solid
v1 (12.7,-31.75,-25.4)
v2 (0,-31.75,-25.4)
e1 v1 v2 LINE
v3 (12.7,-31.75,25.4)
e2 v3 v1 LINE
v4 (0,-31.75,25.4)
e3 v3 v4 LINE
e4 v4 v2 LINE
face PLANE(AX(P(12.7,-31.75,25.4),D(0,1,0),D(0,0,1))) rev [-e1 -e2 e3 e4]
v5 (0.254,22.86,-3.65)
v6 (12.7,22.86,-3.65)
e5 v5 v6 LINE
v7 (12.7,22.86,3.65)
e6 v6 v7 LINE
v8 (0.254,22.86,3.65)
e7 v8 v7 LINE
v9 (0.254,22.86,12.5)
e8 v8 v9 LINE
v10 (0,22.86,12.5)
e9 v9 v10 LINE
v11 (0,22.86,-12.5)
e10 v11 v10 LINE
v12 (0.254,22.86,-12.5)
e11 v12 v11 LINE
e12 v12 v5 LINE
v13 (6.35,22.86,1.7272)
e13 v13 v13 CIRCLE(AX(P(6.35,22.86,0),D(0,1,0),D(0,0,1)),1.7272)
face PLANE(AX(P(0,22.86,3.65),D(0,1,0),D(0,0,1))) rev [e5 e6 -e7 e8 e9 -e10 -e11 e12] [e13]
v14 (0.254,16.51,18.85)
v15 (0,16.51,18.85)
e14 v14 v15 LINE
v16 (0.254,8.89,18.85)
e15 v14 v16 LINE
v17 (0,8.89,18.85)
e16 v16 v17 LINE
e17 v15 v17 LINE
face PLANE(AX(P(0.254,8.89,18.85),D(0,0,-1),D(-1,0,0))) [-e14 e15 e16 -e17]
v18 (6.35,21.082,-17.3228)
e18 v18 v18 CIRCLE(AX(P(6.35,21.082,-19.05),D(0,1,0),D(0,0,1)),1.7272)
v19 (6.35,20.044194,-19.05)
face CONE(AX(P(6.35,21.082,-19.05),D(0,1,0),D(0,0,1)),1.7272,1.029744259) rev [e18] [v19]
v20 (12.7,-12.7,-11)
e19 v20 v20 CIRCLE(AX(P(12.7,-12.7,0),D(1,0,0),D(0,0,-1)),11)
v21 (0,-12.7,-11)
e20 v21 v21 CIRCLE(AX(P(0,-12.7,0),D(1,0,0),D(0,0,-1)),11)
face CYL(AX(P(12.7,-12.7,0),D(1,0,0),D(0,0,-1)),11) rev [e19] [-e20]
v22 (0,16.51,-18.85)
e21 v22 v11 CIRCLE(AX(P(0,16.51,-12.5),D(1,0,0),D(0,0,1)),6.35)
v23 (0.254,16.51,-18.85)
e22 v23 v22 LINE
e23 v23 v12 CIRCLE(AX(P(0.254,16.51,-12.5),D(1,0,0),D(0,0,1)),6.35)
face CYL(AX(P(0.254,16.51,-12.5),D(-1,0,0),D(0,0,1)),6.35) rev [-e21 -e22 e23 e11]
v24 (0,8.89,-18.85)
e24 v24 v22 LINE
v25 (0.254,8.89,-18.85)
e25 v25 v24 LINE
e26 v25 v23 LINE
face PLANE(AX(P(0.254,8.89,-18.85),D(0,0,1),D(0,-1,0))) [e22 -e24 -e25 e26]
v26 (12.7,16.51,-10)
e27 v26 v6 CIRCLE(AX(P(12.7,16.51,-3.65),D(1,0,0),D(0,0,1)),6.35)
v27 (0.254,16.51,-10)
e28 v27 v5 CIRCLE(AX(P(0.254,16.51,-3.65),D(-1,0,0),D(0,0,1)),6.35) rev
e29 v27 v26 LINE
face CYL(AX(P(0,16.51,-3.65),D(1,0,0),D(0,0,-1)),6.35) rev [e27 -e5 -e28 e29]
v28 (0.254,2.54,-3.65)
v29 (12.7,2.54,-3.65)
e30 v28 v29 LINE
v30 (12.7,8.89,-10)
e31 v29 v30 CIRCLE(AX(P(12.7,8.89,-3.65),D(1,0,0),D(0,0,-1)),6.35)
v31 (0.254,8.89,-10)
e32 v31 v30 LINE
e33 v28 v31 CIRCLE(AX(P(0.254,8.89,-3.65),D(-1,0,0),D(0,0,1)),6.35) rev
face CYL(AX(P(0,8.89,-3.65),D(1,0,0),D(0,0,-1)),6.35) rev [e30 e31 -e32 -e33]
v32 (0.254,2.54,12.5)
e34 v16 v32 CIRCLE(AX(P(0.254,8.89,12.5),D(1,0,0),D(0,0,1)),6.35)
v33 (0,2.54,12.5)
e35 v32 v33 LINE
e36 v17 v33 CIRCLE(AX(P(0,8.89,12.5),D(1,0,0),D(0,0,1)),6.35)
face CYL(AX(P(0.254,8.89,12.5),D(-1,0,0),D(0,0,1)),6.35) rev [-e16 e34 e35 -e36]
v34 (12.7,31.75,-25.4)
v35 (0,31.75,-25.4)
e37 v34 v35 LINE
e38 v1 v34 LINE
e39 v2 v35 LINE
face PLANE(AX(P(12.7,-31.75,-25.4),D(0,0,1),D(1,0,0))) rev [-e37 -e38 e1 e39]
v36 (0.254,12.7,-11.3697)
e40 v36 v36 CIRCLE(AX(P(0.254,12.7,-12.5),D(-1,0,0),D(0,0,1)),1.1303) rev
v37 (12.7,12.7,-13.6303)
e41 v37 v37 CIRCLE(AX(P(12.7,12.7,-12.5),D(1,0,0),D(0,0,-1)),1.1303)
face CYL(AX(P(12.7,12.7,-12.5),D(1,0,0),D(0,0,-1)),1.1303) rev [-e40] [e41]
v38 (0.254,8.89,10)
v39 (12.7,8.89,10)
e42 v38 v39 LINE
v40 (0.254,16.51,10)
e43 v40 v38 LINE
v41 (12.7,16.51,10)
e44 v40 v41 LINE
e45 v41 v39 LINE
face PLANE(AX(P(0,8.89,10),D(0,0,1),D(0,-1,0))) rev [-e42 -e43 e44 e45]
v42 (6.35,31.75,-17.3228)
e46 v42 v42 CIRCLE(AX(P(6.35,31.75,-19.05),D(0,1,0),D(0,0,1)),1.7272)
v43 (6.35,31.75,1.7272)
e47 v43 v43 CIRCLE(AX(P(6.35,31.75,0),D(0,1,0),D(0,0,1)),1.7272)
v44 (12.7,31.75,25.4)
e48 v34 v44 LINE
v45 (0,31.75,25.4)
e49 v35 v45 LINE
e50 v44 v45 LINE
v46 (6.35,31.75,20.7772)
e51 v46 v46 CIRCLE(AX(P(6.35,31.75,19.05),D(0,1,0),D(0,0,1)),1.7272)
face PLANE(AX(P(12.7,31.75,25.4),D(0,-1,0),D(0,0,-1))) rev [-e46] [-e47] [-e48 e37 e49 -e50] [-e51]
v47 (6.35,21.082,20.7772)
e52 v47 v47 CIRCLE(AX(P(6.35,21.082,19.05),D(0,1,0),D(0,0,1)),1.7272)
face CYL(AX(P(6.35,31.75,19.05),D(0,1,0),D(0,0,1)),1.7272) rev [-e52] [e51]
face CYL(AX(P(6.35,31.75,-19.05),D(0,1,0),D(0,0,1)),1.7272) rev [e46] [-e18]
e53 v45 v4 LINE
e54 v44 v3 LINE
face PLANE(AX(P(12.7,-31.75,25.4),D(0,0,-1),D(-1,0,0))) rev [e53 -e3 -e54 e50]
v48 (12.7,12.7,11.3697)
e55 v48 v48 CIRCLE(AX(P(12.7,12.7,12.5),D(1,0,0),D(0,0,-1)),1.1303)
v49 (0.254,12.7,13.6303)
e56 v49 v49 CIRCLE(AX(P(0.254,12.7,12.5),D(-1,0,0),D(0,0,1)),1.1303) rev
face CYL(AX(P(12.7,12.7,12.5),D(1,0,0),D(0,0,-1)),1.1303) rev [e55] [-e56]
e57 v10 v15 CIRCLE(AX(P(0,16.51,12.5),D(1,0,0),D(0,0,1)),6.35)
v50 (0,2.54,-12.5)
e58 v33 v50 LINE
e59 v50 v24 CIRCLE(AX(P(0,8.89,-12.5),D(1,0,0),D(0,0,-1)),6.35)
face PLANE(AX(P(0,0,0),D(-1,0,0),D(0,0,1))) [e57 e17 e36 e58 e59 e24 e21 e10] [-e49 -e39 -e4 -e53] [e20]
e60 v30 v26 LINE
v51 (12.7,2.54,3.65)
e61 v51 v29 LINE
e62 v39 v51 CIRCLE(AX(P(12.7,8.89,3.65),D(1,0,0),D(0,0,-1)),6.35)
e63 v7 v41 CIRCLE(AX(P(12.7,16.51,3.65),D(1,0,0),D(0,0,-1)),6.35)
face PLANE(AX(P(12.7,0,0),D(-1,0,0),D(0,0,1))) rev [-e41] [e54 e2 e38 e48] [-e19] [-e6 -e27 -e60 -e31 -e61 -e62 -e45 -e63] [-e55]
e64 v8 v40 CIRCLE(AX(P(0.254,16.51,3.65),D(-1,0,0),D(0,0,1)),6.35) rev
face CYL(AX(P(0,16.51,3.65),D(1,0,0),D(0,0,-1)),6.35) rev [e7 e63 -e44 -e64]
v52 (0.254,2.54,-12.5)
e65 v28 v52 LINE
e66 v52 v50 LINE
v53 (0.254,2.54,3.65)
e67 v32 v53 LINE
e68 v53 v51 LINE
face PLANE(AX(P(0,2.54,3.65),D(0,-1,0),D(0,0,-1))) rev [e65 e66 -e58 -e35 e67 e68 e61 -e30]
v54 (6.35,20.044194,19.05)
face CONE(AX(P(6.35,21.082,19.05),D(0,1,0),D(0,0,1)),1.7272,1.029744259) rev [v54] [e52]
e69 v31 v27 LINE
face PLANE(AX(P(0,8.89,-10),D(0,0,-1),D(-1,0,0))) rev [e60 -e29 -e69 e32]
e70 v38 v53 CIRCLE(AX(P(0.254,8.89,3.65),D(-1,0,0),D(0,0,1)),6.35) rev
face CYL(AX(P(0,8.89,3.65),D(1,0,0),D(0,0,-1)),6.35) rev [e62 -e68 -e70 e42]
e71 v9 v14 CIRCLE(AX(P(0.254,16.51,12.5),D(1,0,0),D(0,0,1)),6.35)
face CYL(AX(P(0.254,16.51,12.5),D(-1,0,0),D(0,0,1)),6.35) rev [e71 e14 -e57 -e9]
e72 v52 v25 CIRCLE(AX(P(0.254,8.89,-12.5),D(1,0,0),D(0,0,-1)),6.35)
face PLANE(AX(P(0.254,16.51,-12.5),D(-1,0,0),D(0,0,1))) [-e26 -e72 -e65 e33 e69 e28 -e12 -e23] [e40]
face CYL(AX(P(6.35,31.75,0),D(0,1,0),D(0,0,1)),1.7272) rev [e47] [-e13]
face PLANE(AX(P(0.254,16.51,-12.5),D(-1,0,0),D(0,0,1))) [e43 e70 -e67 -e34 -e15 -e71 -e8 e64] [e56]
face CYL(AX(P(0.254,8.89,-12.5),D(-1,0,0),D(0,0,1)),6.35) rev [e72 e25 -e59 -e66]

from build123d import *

# Parameters (mm, degrees)
SKETCH1_W                  = 50.8
SKETCH1_H                  = 63.5
BOSS_EXTRUDE1_DEPTH        = 12.7
F_22_0_22_DIAMETER_HOLE1_D = 22
F_4_40_TAPPED_HOLE1_D      = 2.2606
CUT_EXTRUDE1_DEPTH         = 43.597094971
CUT_EXTRUDE2_DEPTH         = 0.254
F_8_32_TAPPED_HOLE1_D      = 3.4544
F_8_32_TAPPED_HOLE1_DEPTH  = 10.668
F_8_32_TAPPED_HOLE1_TIP    = 1.037806461


with BuildPart() as part:
    # Sketch1 → Boss-Extrude1 (new body)
    with BuildSketch(Plane(origin=(0, 0, 0), x_dir=(0, 0, -1), z_dir=(1, 0, 0))):
        Rectangle(SKETCH1_W, SKETCH1_H)
    extrude(amount=BOSS_EXTRUDE1_DEPTH)

    # Ø22.0 (22) Diameter Hole1 (through all)
    with Locations(Plane(origin=(12.7, 0, 0), x_dir=(0, 0, -1), z_dir=(1, 0, 0))):
        with Locations((0, -12.7)):
            Hole(F_22_0_22_DIAMETER_HOLE1_D / 2)

    # Sketch4 → 1/16 NPT Tapped Hole1 (revolve, cut)
    with BuildSketch(Plane.ZX.offset(12.7)):
        Polygon((0, 0), (0, 13.530685027), (3.0734, 11.684), (3.0734, 6.858), (3.762574096, 6.858), (3.9679118, 0), align=None)
    revolve(axis=Axis((-6.35, 12.7, 0), (1, 0, 0)), mode=Mode.SUBTRACT)

    # #4-40 Tapped Hole1 (through all)
    with Locations(Plane(origin=(12.7, 0, 0), x_dir=(0, 0, -1), z_dir=(1, 0, 0))):
        with Locations((-12.5, 12.7), (12.5, 12.7)):
            Hole(F_4_40_TAPPED_HOLE1_D / 2)

    # Sketch9 → Cut-Extrude1 (cut, through all)
    with BuildSketch(Plane(origin=(12.7, 0, 0), x_dir=(0, 0, -1), z_dir=(1, 0, 0))):
        with BuildLine():
            Line((-3.65, 2.54), (3.65, 2.54))
            ThreePointArc((3.65, 2.54), (8.140128061, 4.399871939), (10, 8.89))
            Line((10, 8.89), (10, 16.51))
            ThreePointArc((10, 16.51), (8.140128061, 21.000128061), (3.65, 22.86))
            Line((3.65, 22.86), (-3.65, 22.86))
            ThreePointArc((-3.65, 22.86), (-8.140128061, 21.000128061), (-10, 16.51))
            Line((-10, 16.51), (-10, 8.89))
            ThreePointArc((-10, 8.89), (-8.140128061, 4.399871939), (-3.65, 2.54))
        make_face()
    extrude(amount=-CUT_EXTRUDE1_DEPTH, mode=Mode.SUBTRACT)

    # Sketch10 → Cut-Extrude2 (cut)
    with BuildSketch(Plane(origin=(0, 0, 0), x_dir=(0, 0, -1), z_dir=(1, 0, 0))):
        with BuildLine():
            Line((-12.5, 2.54), (12.5, 2.54))
            ThreePointArc((12.5, 2.54), (16.990128061, 4.399871939), (18.85, 8.89))
            Line((18.85, 8.89), (18.85, 16.51))
            ThreePointArc((18.85, 16.51), (16.990128061, 21.000128061), (12.5, 22.86))
            Line((12.5, 22.86), (-12.5, 22.86))
            ThreePointArc((-12.5, 22.86), (-16.990128061, 21.000128061), (-18.85, 16.51))
            Line((-18.85, 16.51), (-18.85, 8.89))
            ThreePointArc((-18.85, 8.89), (-16.990128061, 4.399871939), (-12.5, 2.54))
        make_face()
    extrude(amount=CUT_EXTRUDE2_DEPTH, mode=Mode.SUBTRACT)

    # #8-32 Tapped Hole1
    with Locations(Plane(origin=(0, 31.75, 0), x_dir=(1, 0, 0), z_dir=(0, 1, 0))):
        with Locations((6.35, 19.05), (6.35, -19.05), (6.35, 0)):
            Hole(F_8_32_TAPPED_HOLE1_D / 2, depth=F_8_32_TAPPED_HOLE1_DEPTH)
            with Locations((0, 0, -(F_8_32_TAPPED_HOLE1_DEPTH + F_8_32_TAPPED_HOLE1_TIP / 2))):  # 118° drill point
                Cone(0, F_8_32_TAPPED_HOLE1_D / 2, F_8_32_TAPPED_HOLE1_TIP, mode=Mode.SUBTRACT)


solid = part.part
